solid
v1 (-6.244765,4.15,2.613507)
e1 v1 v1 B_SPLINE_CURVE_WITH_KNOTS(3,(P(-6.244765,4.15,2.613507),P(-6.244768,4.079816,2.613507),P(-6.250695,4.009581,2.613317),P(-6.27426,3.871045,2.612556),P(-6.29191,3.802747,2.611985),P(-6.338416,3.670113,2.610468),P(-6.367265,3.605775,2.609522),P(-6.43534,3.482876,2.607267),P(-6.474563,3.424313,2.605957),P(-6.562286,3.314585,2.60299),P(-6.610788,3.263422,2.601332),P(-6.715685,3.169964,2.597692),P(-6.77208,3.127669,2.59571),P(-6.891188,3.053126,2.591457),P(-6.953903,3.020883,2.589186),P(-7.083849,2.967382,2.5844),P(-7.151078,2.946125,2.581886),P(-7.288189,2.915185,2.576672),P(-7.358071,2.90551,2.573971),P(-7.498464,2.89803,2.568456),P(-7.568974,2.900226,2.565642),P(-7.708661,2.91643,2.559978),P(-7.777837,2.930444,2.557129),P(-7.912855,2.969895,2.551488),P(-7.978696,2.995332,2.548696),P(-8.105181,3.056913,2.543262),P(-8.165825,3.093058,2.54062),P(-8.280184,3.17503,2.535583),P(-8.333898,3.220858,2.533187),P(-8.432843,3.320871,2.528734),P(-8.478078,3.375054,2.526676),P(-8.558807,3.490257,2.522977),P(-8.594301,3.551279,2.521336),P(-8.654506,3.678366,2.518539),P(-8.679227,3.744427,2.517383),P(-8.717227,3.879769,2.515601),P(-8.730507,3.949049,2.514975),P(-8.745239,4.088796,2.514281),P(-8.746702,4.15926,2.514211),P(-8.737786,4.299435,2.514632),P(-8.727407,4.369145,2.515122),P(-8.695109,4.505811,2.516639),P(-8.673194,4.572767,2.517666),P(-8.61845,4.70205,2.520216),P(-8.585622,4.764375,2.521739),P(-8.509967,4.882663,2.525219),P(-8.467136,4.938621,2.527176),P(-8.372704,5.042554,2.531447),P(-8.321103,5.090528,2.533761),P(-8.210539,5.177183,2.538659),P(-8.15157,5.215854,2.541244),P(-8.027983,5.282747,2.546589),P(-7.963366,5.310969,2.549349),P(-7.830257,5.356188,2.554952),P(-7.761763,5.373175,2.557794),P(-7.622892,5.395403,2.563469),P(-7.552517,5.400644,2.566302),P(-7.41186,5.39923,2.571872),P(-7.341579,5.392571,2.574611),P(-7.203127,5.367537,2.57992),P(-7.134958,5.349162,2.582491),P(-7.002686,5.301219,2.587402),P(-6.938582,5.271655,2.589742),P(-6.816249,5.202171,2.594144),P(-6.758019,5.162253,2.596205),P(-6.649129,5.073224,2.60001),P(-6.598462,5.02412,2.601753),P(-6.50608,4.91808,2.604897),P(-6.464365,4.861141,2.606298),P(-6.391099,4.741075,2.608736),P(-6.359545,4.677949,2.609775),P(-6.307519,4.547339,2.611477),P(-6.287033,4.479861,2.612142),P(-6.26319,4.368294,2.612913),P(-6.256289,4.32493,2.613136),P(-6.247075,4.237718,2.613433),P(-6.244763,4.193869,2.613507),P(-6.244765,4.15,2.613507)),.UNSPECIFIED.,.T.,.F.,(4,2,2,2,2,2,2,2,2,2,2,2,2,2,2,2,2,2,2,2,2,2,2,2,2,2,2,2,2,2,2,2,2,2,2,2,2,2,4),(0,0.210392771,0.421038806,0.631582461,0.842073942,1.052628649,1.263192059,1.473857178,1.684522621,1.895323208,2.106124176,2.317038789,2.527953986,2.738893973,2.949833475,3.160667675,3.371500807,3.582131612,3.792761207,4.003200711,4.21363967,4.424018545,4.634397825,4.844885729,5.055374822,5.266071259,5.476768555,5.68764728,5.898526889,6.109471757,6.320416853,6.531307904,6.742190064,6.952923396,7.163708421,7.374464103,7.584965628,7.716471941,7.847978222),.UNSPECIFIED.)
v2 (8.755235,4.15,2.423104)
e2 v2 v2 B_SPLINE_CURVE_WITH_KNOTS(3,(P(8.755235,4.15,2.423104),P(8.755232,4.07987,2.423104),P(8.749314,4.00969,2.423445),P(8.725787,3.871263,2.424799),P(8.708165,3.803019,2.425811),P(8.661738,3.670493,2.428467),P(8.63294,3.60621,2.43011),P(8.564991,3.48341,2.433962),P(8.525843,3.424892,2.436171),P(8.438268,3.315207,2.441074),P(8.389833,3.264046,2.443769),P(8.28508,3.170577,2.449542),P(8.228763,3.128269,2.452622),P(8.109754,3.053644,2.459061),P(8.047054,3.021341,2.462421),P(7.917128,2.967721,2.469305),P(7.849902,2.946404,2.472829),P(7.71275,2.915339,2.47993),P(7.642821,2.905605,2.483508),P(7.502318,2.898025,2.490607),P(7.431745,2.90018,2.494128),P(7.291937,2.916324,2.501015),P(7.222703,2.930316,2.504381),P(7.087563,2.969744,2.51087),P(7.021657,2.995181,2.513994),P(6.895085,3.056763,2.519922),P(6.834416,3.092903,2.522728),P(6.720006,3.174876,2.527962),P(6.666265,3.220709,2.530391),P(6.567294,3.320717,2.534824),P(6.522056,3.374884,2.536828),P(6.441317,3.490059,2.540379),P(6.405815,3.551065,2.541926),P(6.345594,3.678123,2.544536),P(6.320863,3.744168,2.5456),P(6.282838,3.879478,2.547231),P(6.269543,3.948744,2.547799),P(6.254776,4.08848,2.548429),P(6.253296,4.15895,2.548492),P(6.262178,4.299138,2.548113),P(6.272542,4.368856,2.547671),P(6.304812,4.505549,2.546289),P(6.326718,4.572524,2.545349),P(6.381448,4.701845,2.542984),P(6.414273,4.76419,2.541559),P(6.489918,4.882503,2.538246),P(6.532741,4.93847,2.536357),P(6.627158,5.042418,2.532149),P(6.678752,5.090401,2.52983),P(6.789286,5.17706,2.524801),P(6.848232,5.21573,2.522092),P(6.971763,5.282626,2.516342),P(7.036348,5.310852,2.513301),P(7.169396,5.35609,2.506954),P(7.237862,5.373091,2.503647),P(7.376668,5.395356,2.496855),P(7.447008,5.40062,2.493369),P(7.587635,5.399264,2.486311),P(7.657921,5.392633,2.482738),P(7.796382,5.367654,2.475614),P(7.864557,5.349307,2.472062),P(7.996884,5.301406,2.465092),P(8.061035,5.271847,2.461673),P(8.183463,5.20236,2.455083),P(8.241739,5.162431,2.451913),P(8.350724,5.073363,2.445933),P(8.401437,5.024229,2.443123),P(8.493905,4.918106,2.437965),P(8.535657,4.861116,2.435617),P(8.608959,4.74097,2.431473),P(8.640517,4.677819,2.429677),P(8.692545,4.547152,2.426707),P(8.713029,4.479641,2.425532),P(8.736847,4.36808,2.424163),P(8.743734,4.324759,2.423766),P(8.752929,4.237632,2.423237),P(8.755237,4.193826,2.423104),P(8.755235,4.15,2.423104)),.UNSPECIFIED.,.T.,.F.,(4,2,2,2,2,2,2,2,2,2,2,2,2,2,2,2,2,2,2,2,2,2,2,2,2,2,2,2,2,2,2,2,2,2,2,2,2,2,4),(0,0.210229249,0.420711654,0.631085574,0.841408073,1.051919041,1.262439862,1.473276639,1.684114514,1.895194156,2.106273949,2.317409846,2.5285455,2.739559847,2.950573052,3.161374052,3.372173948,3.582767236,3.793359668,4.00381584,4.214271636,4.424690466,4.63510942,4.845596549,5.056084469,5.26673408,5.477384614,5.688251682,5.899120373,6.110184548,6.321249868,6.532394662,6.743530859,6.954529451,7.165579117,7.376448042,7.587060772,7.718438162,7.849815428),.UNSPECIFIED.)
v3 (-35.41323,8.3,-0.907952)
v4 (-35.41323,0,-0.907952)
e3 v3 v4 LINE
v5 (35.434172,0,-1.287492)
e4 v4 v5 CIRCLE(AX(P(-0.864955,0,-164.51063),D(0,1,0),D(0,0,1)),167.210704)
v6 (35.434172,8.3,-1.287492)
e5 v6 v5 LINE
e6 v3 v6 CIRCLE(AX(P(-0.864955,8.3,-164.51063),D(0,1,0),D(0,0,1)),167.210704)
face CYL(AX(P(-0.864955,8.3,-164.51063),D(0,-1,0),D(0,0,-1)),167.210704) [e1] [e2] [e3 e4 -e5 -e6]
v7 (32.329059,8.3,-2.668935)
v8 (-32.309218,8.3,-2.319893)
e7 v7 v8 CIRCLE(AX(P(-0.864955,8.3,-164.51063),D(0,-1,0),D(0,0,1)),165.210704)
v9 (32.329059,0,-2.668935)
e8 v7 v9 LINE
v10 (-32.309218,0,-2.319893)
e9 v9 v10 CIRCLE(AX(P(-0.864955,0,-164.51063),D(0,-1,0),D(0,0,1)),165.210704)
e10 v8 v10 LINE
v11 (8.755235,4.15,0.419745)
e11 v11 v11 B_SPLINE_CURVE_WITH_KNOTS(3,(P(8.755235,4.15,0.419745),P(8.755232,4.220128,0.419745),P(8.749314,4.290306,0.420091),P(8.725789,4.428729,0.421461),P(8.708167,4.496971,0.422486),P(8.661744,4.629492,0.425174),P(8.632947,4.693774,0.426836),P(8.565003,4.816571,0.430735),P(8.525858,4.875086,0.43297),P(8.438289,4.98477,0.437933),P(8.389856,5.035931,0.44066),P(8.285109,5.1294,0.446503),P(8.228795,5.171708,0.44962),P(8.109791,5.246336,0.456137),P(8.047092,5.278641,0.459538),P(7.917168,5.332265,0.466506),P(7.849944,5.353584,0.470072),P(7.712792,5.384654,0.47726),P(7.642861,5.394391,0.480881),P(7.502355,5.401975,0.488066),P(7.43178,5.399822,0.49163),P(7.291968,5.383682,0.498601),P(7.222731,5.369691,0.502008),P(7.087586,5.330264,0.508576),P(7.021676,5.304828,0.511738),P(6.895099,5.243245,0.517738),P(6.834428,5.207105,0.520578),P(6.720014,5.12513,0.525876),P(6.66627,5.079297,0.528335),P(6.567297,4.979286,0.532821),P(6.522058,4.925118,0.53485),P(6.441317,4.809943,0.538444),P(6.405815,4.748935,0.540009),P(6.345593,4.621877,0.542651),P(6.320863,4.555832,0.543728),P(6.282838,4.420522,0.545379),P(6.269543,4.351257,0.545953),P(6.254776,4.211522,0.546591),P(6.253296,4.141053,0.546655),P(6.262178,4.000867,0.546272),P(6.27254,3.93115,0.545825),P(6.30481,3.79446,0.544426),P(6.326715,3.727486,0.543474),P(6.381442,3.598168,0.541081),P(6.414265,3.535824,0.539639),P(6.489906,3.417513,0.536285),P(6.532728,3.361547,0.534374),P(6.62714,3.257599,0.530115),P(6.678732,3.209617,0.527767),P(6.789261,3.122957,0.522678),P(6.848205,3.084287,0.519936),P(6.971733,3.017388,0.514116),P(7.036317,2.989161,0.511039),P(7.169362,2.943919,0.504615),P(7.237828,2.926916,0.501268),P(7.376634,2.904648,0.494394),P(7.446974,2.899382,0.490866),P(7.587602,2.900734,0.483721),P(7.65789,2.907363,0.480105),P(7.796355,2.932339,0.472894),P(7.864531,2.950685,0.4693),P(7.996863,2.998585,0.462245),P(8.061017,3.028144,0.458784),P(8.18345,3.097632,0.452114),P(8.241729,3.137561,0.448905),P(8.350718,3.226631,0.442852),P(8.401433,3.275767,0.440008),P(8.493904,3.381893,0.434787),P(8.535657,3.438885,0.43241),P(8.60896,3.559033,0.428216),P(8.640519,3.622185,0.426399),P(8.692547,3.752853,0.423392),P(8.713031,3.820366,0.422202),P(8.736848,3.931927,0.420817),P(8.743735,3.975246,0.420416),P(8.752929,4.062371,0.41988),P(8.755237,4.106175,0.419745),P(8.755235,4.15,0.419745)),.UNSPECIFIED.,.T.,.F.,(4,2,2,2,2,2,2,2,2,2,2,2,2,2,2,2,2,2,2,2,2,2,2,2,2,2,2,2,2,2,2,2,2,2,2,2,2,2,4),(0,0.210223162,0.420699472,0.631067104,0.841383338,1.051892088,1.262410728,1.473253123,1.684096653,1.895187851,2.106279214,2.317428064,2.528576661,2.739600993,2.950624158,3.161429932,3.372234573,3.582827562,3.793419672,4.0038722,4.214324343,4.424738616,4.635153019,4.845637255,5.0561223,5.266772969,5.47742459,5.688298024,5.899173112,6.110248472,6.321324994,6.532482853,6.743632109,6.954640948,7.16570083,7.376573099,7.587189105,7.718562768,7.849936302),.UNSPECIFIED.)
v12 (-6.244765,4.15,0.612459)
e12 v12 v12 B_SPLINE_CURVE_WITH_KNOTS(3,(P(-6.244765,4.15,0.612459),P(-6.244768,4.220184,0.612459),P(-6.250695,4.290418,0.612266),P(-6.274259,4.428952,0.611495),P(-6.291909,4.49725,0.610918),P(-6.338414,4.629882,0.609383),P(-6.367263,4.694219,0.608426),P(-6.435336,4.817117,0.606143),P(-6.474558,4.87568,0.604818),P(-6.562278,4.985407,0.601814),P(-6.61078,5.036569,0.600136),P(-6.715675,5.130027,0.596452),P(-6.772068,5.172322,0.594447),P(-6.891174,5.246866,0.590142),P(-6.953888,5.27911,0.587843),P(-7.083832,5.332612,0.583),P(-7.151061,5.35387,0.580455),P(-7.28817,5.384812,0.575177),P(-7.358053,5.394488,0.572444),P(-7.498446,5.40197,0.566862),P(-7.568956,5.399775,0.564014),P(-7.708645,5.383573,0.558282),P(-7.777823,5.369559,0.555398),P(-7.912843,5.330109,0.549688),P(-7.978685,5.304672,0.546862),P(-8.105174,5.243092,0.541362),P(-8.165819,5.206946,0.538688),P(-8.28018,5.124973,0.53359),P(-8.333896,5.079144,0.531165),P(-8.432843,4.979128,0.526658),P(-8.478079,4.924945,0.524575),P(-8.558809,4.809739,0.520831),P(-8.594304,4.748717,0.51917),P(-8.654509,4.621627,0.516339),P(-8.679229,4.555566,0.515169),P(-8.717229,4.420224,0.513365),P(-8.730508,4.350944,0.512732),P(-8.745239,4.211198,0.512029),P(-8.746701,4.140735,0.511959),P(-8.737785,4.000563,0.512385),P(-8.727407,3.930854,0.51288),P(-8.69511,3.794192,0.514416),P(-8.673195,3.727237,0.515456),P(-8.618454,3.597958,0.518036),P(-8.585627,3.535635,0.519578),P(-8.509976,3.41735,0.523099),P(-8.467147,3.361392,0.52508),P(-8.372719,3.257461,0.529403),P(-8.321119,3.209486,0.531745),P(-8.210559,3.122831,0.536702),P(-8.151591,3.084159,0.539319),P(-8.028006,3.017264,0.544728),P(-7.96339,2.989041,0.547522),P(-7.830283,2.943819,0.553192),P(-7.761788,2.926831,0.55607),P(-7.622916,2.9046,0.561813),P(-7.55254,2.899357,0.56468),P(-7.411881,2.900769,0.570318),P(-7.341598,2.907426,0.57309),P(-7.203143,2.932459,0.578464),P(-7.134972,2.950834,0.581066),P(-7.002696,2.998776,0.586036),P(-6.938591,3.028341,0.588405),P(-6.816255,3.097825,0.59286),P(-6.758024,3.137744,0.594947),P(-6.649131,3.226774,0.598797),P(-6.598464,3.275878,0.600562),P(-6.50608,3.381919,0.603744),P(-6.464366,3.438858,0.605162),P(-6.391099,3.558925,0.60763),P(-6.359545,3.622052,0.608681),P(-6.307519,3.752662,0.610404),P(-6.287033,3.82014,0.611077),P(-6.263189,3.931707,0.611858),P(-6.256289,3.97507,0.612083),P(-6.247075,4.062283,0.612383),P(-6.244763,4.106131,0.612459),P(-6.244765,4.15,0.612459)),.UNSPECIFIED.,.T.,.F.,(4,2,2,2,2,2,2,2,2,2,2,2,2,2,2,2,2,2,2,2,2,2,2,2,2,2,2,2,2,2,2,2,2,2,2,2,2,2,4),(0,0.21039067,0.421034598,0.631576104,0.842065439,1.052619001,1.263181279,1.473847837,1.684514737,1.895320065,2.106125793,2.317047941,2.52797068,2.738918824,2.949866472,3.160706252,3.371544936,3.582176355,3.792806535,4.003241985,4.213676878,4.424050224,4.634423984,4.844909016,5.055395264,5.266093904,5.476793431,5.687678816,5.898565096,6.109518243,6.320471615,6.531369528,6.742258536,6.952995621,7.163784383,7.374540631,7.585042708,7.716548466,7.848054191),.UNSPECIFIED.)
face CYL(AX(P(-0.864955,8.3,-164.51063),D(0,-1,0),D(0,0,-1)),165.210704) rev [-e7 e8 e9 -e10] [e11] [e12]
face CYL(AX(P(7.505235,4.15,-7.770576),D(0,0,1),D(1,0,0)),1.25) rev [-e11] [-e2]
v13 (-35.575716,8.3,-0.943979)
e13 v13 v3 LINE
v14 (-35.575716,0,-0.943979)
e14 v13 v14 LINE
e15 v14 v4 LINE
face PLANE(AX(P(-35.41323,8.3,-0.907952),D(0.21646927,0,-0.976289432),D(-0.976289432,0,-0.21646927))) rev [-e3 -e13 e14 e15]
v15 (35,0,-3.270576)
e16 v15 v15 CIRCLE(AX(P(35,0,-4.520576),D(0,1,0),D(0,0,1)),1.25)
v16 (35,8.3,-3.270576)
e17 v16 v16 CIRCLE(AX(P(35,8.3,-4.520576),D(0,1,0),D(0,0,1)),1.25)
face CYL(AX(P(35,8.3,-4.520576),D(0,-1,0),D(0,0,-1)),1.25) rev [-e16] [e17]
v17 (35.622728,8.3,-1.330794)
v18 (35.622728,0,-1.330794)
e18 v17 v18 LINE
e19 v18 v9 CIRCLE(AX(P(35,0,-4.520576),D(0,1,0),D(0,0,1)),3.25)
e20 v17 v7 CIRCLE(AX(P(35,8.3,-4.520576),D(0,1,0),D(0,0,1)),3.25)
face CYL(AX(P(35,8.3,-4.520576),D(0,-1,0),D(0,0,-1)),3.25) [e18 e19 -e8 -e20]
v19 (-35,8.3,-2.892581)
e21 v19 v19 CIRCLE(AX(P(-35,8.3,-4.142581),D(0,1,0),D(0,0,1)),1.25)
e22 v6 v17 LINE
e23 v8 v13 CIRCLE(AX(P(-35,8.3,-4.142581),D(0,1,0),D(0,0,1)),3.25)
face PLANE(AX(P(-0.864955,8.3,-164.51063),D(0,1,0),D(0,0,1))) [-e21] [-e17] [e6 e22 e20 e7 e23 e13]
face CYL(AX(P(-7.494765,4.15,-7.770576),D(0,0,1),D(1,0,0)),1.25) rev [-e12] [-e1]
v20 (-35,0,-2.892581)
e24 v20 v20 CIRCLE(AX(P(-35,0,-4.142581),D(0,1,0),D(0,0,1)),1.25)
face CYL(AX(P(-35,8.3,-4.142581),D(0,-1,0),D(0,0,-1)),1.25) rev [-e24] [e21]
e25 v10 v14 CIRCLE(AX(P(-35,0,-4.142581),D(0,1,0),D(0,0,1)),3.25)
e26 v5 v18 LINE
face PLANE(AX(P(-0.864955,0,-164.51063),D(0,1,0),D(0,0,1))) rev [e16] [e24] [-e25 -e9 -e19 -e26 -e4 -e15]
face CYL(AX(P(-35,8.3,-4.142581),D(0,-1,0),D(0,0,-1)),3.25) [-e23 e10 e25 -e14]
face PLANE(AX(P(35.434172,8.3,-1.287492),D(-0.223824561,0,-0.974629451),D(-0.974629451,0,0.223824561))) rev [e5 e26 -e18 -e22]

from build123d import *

# Parameters (mm, degrees)
SKETCH1_R               = 1.25
BOSS_EXTRUDE1_DEPTH     = 8.3
SKETCH2_R               = 1.25
CUT_EXTRUDE1_DEPTH      = 3.700074126
CUT_EXTRUDE1_DEPTH_BACK = 8.770575704


with BuildPart() as part:
    # Sketch1 → Boss-Extrude1 (new body)
    with BuildSketch(Plane(origin=(0, 0, 0), x_dir=(1, 0, 0), z_dir=(0, 1, 0))):
        with BuildLine():
            Line((35.434172296, 1.287491613), (35.622727971, 1.3307936))
            ThreePointArc((35.622727971, 1.3307936), (36.223294794, 7.531563888), (32.32905872, 2.668935167))
            ThreePointArc((32.32905872, 2.668935167), (0.027157554, -0.697665471), (-32.309217612, 2.319893124))
            ThreePointArc((-32.309217612, 2.319893124), (-36.261610619, 7.13771657), (-35.575715837, 0.943979283))
            Line((-35.575715837, 0.943979283), (-35.413230424, 0.907951956))
            ThreePointArc((-35.413230424, 0.907951956), (0.030803418, -2.69767479), (35.434172296, 1.287491613))
        make_face()
        with Locations((-35, 4.142580739)):
            Circle(SKETCH1_R, mode=Mode.SUBTRACT)
        with Locations((35, 4.520575704)):
            Circle(SKETCH1_R, mode=Mode.SUBTRACT)
    extrude(amount=BOSS_EXTRUDE1_DEPTH)

    # Sketch2 → Cut-Extrude1 (cut, two sides)
    with BuildSketch(Plane.XY) as cut_extrude1_sk:
        with Locations((7.505235468, 4.15)):
            Circle(SKETCH2_R)
        with Locations((-7.494764532, 4.15)):
            Circle(SKETCH2_R)
    extrude(amount=CUT_EXTRUDE1_DEPTH, mode=Mode.SUBTRACT)
    extrude(cut_extrude1_sk.sketch, amount=-CUT_EXTRUDE1_DEPTH_BACK, mode=Mode.SUBTRACT)


solid = part.part
